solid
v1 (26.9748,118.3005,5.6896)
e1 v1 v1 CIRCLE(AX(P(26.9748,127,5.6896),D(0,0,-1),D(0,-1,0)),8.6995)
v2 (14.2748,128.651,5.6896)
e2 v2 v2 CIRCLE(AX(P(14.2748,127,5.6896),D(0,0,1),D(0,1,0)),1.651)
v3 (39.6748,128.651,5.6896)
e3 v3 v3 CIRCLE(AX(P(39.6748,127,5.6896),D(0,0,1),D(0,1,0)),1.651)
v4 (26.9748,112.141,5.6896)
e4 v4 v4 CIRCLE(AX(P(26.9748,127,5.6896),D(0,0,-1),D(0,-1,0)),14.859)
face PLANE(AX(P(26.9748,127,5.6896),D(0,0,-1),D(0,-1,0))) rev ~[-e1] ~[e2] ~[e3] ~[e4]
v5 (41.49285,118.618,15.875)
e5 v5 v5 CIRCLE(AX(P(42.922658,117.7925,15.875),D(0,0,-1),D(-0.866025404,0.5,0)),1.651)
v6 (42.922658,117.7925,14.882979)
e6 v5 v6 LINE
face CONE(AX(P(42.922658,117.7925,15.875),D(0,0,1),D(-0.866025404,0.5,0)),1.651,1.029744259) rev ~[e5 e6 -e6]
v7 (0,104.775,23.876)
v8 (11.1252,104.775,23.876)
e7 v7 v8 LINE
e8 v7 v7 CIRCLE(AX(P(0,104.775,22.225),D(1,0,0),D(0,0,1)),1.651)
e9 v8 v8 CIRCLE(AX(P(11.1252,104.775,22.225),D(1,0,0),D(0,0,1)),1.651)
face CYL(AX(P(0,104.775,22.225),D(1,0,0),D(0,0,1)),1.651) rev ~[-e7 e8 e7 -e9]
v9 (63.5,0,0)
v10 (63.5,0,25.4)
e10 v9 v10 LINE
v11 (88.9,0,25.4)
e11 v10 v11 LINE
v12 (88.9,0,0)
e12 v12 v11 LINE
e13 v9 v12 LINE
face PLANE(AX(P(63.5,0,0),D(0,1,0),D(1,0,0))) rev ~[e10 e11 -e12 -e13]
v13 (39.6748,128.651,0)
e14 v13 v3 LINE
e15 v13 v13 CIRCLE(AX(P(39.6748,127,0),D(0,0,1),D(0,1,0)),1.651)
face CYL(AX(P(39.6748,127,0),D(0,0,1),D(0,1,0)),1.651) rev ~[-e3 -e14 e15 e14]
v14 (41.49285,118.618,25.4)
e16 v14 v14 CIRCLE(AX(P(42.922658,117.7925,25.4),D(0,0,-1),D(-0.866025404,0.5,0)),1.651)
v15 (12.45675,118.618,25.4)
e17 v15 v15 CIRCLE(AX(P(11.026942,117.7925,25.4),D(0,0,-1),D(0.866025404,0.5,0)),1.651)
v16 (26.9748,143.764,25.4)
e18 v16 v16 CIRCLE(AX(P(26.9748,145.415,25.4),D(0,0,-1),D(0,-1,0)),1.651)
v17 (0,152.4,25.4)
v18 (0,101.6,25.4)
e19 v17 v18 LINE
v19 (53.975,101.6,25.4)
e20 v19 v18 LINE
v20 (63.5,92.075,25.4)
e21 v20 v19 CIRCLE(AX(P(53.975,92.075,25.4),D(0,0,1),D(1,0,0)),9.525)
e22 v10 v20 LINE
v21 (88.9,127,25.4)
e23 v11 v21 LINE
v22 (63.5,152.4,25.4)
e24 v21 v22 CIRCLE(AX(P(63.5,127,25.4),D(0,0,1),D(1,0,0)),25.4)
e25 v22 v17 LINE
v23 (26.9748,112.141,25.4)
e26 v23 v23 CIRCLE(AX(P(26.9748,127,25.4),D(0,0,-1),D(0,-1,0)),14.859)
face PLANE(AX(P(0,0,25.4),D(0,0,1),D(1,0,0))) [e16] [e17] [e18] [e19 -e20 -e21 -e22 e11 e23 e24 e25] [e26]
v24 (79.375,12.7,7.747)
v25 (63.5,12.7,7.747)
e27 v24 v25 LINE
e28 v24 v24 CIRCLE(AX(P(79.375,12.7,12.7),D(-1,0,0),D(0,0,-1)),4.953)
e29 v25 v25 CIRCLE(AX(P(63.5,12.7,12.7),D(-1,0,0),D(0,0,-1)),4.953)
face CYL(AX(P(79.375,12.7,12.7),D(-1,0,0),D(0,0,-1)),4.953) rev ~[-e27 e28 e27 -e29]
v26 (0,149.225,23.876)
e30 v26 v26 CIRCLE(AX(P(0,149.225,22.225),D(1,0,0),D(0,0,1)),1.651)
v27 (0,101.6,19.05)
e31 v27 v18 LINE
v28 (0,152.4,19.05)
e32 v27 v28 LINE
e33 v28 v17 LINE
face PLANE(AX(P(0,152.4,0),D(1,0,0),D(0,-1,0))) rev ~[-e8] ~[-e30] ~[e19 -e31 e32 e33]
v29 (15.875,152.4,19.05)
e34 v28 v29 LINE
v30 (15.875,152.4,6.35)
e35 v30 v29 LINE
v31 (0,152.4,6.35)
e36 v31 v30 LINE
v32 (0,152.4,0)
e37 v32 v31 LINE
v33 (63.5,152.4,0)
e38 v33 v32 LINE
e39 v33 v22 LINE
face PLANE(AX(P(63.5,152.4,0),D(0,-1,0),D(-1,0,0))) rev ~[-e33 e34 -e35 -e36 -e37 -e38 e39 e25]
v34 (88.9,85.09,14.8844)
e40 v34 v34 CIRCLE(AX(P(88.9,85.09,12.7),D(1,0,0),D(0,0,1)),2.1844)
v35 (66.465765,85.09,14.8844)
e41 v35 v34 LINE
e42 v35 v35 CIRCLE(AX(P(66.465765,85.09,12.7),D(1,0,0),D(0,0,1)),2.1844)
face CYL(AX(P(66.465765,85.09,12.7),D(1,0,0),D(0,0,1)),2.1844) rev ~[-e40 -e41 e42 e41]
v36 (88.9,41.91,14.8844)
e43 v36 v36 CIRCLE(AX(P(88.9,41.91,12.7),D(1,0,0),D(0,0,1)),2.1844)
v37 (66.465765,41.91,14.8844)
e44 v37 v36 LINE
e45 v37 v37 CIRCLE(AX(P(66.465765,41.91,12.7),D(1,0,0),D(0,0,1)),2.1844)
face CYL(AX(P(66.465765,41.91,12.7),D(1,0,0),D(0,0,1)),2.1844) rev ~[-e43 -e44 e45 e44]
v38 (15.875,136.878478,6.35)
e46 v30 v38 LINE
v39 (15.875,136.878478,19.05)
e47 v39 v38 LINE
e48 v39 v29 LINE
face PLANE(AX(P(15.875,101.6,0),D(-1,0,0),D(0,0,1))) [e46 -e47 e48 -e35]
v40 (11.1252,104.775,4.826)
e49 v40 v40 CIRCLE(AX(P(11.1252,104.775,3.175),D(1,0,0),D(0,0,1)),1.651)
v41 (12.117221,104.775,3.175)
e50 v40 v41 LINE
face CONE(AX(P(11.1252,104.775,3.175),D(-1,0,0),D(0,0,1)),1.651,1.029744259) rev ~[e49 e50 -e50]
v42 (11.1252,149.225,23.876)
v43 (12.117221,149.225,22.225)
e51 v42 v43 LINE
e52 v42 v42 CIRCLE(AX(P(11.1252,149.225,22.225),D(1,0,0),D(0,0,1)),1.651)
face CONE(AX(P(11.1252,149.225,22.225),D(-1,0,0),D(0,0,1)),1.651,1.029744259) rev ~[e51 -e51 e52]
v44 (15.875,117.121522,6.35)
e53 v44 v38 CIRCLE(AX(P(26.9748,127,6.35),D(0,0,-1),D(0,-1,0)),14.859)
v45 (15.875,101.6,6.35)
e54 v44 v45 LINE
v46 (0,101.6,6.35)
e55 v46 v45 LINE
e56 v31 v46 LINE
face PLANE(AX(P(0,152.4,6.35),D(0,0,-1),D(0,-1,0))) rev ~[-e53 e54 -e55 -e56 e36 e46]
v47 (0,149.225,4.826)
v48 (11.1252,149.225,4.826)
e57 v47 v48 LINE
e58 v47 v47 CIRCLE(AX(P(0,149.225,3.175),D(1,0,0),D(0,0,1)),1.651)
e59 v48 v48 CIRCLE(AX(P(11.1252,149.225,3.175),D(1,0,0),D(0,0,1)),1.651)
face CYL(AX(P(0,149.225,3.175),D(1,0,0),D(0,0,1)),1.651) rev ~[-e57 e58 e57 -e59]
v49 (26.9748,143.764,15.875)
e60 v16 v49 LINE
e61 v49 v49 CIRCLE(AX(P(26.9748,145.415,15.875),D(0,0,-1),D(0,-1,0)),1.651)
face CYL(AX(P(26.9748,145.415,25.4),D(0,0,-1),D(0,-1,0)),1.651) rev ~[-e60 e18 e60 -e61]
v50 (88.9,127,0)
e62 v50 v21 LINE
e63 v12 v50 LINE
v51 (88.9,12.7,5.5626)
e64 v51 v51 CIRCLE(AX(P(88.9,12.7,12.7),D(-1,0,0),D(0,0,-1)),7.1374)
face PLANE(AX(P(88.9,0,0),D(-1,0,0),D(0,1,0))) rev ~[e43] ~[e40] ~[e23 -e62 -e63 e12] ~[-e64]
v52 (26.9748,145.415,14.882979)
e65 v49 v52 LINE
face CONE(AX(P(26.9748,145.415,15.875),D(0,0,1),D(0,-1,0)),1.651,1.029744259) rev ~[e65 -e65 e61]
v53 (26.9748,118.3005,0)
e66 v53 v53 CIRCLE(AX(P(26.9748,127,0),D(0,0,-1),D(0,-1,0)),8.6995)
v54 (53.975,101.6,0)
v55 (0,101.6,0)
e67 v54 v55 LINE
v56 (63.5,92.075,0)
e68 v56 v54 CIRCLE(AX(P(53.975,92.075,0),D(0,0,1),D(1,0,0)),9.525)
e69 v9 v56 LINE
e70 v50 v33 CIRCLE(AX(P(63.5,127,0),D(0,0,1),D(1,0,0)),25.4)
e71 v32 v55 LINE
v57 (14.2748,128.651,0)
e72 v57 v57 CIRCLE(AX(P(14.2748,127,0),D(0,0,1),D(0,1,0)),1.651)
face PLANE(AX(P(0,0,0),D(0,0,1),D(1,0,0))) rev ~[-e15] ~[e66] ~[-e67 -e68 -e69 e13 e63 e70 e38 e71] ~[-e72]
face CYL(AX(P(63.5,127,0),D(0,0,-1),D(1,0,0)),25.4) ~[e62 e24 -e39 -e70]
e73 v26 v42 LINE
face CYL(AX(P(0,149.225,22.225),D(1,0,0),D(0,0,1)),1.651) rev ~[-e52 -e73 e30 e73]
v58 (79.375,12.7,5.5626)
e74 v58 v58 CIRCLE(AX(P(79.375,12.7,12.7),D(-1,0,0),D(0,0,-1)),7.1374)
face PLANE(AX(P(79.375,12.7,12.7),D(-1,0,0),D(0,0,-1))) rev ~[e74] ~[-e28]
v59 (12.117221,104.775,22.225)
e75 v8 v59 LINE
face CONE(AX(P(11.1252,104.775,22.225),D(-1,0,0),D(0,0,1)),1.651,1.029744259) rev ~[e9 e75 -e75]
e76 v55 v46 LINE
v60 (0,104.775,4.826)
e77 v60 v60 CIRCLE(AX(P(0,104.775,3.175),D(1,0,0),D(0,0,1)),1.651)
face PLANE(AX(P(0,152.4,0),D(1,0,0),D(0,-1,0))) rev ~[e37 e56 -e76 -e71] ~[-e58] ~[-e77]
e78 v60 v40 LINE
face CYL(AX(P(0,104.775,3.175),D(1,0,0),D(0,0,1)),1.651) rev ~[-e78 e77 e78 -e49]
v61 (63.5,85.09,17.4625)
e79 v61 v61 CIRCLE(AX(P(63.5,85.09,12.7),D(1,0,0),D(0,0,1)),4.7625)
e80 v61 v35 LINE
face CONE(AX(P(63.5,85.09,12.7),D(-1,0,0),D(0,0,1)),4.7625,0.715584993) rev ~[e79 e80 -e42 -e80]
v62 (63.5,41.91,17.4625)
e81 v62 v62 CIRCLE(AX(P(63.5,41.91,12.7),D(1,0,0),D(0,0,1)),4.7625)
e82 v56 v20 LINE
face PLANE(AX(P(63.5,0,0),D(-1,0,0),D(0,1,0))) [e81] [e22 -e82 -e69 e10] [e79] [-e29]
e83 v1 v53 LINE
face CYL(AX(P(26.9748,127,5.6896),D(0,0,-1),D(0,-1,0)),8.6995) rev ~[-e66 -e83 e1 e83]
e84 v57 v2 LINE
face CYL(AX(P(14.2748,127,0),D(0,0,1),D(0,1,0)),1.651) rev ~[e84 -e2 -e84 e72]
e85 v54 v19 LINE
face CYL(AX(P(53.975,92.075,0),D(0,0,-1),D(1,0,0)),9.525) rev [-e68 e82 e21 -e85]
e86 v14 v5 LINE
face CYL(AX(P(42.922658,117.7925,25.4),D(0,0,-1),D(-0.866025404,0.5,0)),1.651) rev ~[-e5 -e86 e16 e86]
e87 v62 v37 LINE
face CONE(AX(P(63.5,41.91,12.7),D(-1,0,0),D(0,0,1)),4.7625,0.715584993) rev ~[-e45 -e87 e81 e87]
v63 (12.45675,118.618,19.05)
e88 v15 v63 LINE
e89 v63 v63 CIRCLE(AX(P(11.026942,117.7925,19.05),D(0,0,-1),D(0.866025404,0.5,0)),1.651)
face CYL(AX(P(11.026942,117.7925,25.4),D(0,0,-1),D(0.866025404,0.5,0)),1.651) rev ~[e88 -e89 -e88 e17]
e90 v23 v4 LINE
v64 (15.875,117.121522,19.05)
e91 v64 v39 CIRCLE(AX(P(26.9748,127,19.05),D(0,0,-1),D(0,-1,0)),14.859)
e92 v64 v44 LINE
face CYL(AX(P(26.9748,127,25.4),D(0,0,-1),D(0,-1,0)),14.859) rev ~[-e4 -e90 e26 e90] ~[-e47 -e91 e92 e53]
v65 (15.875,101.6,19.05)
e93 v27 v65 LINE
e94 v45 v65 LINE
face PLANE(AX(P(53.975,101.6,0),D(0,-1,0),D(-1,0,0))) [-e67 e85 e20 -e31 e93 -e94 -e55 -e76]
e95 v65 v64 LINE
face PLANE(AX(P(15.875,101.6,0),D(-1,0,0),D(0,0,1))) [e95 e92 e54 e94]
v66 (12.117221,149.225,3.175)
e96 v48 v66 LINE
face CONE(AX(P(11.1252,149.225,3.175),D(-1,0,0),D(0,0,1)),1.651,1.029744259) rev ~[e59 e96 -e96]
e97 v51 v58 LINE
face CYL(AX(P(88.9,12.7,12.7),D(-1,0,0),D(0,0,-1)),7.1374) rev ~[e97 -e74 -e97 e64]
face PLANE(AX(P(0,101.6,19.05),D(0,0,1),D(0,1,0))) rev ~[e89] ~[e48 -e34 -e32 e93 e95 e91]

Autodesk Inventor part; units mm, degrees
ref_plane "YZ Plane" through (0, 0, 0) normal (1, 0, 0) x (0, 1, 0)
ref_plane "XZ Plane" through (0, 0, 0) normal (0, 1, 0) x (-1, 0, 0)
ref_plane "XY Plane" through (0, 0, 0) normal (0, 0, 1) x (1, 0, 0)
sketch "Sketch1" plane through (0, 0, 0) normal (0, 0, 1) x (1, 0, 0)
  line L0 (63.5, 0) -> (88.9, 0)
  line L1 (88.9, 0) -> (88.9, 127)
  line L2 (63.5, 152.4) -> (0, 152.4)
  line L3 (0, 152.4) -> (0, 101.6)
  line L4 (63.5, 0) -> (63.5, 92.075)
  line L5 (53.975, 101.6) -> (0, 101.6)
  arc A0 (88.9, 127) -> (63.5, 152.4) centre (63.5, 127) ccw
  arc A1 (63.5, 92.075) -> (53.975, 101.6) centre (53.975, 92.075) ccw
  point P0 (0, 0)
  dimension "d2" = 25.4
  dimension "d3" = 50.8
  dimension "d4" = 25.4
  dimension "d5" = 9.525
extrude "Extrusion1" add sketch "Sketch1" along normal blind 25.4
sketch "Sketch2" plane through (0, 0, 25.4) normal (0, 0, 1) x (1, 0, 0)
  line L0 (63.5, 152.4) -> (0, 152.4) projected
  line L1 (0, 152.4) -> (0, 101.6) projected
  point P0 (0, 0)
  point P1 (26.9748, 127)
  dimension "d8" = 25.4
  dimension "d9" = 26.9748
hole "Hole1" at (26.9748, 127, 25.4) direction (0, 0, -1) diameter 17.399 end through all counterbore diameter 29.718 counterbore depth 19.7104
sketch "Sketch3" plane through (0, 0, 25.4) normal (0, 0, 1) x (1, 0, 0)
  line L0 (0, 152.4) -> (0, 101.6) projected
  circle A0 centre (26.9748, 127) radius 14.859 projected
  point P0 (0, 0)
  point P1 (26.9748, 145.415)
  dimension "d17" = 26.9748
  dimension "d18" = 18.415
hole "Hole2" at (26.9748, 145.415, 25.4) direction (0, 0, -1) diameter 3.302 depth 9.525 tip angle 118 thread size "8-32 UNC" class "2B" standard "ANSI Unified Screw Threads"
pattern_circular "Circular Pattern1" count 3 over 360 about axis through (26.9748, 127, 15.5448) along (0, 0, 1) of "Hole2"
sketch "Sketch4" plane through (0, 101.6, 0) normal (-1, 0, 0) x (0, 0, 1)
  line L0 (0, 50.8) -> (25.4, 50.8) projected
  line L1 (0, 0) -> (25.4, 0) projected
  line L2 (25.4, 50.8) -> (25.4, 0) projected
  line L3 (0, 0) -> (0, 50.8) projected
  line L4 (6.35, 0) -> (19.05, 0)
  line L5 (19.05, 0) -> (19.05, 50.8)
  line L6 (19.05, 50.8) -> (6.35, 50.8)
  line L7 (6.35, 50.8) -> (6.35, 0)
  point P0 (0, -101.6)
  dimension "d31" = 6.35
  dimension "d32" = 6.35
extrude "Extrusion2" cut sketch "Sketch4" against normal blind 15.875 contours L0 L5 L1 L7
sketch "Sketch5" plane through (0, 101.6, 0) normal (-1, 0, 0) x (0, 0, 1)
  line L0 (0, 50.8) -> (6.35, 50.8) projected
  line L1 (0, 0) -> (0, 50.8) projected
  point P0 (0, -101.6)
  point P1 (3.175, 47.625)
  dimension "d35" = 3.175
  dimension "d36" = 3.175
hole "Hole3" at (0, 149.225, 3.175) direction (1, 0, 0) diameter 3.302 depth 11.1252 tip angle 118 thread size "8-32 UNC" class "2B" standard "ANSI Unified Screw Threads"
pattern_linear "Rectangular Pattern1" count 2 spacing 19.05 along (0, 0, 1) count 2 spacing 44.45 along (0, -1, 0) of "Hole3"
sketch "Sketch6" plane through (63.5, 0, 0) normal (-1, 0, 0) x (0, 0, 1)
  line L0 (0, 0) -> (0, 92.075) projected
  line L1 (0, 0) -> (25.4, 0) projected
  point P0 (12.7, 85.09)
  point P1 (12.7, 41.91)
  dimension "d50" = 43.18
  dimension "d51" = 12.7
  dimension "d52" = 12.7
  dimension "d53" = 41.91
hole "Hole4" at (63.5, 85.09, 12.7) at (63.5, 41.91, 12.7) direction (1, 0, 0) diameter 4.3688 end through all countersink diameter 9.525 countersink angle 82
sketch "Sketch7" plane through (88.9, 0, 0) normal (1, 0, 0) x (0, 0, -1)
  line L0 (0, 0) -> (-25.4, 0) projected
  line L1 (0, 127) -> (0, 0) projected
  point P0 (-12.7, 12.7)
  dimension "d61" = 12.7
  dimension "d62" = 12.7
hole "Hole5" at (88.9, 12.7, 12.7) direction (-1, 0, 0) diameter 9.906 end through all counterbore diameter 14.2748 counterbore depth 9.525
sketch "Sketch8" plane through (0, 0, 0) normal (0, 0, -1) x (-1, 0, 0)
  line L0 (0, 152.4) -> (-63.5, 152.4) projected
  line L1 (0, 101.6) -> (0, 152.4) projected
  point P0 (0, 0)
  point P1 (-39.6748, 127)
  point P2 (-14.2748, 127)
  dimension "d70" = 25.4
  dimension "d71" = 25.4
  dimension "d72" = 14.2748
  dimension "d73" = 39.6748
hole "Hole6" at (39.6748, 127, 0) at (14.2748, 127, 0) direction (0, 0, 1) diameter 3.302 depth 6.35 tip angle 118 thread size "8-32 UNC" class "2B" standard "ANSI Unified Screw Threads"
properties part number "Column" material "Stainless Steel"
